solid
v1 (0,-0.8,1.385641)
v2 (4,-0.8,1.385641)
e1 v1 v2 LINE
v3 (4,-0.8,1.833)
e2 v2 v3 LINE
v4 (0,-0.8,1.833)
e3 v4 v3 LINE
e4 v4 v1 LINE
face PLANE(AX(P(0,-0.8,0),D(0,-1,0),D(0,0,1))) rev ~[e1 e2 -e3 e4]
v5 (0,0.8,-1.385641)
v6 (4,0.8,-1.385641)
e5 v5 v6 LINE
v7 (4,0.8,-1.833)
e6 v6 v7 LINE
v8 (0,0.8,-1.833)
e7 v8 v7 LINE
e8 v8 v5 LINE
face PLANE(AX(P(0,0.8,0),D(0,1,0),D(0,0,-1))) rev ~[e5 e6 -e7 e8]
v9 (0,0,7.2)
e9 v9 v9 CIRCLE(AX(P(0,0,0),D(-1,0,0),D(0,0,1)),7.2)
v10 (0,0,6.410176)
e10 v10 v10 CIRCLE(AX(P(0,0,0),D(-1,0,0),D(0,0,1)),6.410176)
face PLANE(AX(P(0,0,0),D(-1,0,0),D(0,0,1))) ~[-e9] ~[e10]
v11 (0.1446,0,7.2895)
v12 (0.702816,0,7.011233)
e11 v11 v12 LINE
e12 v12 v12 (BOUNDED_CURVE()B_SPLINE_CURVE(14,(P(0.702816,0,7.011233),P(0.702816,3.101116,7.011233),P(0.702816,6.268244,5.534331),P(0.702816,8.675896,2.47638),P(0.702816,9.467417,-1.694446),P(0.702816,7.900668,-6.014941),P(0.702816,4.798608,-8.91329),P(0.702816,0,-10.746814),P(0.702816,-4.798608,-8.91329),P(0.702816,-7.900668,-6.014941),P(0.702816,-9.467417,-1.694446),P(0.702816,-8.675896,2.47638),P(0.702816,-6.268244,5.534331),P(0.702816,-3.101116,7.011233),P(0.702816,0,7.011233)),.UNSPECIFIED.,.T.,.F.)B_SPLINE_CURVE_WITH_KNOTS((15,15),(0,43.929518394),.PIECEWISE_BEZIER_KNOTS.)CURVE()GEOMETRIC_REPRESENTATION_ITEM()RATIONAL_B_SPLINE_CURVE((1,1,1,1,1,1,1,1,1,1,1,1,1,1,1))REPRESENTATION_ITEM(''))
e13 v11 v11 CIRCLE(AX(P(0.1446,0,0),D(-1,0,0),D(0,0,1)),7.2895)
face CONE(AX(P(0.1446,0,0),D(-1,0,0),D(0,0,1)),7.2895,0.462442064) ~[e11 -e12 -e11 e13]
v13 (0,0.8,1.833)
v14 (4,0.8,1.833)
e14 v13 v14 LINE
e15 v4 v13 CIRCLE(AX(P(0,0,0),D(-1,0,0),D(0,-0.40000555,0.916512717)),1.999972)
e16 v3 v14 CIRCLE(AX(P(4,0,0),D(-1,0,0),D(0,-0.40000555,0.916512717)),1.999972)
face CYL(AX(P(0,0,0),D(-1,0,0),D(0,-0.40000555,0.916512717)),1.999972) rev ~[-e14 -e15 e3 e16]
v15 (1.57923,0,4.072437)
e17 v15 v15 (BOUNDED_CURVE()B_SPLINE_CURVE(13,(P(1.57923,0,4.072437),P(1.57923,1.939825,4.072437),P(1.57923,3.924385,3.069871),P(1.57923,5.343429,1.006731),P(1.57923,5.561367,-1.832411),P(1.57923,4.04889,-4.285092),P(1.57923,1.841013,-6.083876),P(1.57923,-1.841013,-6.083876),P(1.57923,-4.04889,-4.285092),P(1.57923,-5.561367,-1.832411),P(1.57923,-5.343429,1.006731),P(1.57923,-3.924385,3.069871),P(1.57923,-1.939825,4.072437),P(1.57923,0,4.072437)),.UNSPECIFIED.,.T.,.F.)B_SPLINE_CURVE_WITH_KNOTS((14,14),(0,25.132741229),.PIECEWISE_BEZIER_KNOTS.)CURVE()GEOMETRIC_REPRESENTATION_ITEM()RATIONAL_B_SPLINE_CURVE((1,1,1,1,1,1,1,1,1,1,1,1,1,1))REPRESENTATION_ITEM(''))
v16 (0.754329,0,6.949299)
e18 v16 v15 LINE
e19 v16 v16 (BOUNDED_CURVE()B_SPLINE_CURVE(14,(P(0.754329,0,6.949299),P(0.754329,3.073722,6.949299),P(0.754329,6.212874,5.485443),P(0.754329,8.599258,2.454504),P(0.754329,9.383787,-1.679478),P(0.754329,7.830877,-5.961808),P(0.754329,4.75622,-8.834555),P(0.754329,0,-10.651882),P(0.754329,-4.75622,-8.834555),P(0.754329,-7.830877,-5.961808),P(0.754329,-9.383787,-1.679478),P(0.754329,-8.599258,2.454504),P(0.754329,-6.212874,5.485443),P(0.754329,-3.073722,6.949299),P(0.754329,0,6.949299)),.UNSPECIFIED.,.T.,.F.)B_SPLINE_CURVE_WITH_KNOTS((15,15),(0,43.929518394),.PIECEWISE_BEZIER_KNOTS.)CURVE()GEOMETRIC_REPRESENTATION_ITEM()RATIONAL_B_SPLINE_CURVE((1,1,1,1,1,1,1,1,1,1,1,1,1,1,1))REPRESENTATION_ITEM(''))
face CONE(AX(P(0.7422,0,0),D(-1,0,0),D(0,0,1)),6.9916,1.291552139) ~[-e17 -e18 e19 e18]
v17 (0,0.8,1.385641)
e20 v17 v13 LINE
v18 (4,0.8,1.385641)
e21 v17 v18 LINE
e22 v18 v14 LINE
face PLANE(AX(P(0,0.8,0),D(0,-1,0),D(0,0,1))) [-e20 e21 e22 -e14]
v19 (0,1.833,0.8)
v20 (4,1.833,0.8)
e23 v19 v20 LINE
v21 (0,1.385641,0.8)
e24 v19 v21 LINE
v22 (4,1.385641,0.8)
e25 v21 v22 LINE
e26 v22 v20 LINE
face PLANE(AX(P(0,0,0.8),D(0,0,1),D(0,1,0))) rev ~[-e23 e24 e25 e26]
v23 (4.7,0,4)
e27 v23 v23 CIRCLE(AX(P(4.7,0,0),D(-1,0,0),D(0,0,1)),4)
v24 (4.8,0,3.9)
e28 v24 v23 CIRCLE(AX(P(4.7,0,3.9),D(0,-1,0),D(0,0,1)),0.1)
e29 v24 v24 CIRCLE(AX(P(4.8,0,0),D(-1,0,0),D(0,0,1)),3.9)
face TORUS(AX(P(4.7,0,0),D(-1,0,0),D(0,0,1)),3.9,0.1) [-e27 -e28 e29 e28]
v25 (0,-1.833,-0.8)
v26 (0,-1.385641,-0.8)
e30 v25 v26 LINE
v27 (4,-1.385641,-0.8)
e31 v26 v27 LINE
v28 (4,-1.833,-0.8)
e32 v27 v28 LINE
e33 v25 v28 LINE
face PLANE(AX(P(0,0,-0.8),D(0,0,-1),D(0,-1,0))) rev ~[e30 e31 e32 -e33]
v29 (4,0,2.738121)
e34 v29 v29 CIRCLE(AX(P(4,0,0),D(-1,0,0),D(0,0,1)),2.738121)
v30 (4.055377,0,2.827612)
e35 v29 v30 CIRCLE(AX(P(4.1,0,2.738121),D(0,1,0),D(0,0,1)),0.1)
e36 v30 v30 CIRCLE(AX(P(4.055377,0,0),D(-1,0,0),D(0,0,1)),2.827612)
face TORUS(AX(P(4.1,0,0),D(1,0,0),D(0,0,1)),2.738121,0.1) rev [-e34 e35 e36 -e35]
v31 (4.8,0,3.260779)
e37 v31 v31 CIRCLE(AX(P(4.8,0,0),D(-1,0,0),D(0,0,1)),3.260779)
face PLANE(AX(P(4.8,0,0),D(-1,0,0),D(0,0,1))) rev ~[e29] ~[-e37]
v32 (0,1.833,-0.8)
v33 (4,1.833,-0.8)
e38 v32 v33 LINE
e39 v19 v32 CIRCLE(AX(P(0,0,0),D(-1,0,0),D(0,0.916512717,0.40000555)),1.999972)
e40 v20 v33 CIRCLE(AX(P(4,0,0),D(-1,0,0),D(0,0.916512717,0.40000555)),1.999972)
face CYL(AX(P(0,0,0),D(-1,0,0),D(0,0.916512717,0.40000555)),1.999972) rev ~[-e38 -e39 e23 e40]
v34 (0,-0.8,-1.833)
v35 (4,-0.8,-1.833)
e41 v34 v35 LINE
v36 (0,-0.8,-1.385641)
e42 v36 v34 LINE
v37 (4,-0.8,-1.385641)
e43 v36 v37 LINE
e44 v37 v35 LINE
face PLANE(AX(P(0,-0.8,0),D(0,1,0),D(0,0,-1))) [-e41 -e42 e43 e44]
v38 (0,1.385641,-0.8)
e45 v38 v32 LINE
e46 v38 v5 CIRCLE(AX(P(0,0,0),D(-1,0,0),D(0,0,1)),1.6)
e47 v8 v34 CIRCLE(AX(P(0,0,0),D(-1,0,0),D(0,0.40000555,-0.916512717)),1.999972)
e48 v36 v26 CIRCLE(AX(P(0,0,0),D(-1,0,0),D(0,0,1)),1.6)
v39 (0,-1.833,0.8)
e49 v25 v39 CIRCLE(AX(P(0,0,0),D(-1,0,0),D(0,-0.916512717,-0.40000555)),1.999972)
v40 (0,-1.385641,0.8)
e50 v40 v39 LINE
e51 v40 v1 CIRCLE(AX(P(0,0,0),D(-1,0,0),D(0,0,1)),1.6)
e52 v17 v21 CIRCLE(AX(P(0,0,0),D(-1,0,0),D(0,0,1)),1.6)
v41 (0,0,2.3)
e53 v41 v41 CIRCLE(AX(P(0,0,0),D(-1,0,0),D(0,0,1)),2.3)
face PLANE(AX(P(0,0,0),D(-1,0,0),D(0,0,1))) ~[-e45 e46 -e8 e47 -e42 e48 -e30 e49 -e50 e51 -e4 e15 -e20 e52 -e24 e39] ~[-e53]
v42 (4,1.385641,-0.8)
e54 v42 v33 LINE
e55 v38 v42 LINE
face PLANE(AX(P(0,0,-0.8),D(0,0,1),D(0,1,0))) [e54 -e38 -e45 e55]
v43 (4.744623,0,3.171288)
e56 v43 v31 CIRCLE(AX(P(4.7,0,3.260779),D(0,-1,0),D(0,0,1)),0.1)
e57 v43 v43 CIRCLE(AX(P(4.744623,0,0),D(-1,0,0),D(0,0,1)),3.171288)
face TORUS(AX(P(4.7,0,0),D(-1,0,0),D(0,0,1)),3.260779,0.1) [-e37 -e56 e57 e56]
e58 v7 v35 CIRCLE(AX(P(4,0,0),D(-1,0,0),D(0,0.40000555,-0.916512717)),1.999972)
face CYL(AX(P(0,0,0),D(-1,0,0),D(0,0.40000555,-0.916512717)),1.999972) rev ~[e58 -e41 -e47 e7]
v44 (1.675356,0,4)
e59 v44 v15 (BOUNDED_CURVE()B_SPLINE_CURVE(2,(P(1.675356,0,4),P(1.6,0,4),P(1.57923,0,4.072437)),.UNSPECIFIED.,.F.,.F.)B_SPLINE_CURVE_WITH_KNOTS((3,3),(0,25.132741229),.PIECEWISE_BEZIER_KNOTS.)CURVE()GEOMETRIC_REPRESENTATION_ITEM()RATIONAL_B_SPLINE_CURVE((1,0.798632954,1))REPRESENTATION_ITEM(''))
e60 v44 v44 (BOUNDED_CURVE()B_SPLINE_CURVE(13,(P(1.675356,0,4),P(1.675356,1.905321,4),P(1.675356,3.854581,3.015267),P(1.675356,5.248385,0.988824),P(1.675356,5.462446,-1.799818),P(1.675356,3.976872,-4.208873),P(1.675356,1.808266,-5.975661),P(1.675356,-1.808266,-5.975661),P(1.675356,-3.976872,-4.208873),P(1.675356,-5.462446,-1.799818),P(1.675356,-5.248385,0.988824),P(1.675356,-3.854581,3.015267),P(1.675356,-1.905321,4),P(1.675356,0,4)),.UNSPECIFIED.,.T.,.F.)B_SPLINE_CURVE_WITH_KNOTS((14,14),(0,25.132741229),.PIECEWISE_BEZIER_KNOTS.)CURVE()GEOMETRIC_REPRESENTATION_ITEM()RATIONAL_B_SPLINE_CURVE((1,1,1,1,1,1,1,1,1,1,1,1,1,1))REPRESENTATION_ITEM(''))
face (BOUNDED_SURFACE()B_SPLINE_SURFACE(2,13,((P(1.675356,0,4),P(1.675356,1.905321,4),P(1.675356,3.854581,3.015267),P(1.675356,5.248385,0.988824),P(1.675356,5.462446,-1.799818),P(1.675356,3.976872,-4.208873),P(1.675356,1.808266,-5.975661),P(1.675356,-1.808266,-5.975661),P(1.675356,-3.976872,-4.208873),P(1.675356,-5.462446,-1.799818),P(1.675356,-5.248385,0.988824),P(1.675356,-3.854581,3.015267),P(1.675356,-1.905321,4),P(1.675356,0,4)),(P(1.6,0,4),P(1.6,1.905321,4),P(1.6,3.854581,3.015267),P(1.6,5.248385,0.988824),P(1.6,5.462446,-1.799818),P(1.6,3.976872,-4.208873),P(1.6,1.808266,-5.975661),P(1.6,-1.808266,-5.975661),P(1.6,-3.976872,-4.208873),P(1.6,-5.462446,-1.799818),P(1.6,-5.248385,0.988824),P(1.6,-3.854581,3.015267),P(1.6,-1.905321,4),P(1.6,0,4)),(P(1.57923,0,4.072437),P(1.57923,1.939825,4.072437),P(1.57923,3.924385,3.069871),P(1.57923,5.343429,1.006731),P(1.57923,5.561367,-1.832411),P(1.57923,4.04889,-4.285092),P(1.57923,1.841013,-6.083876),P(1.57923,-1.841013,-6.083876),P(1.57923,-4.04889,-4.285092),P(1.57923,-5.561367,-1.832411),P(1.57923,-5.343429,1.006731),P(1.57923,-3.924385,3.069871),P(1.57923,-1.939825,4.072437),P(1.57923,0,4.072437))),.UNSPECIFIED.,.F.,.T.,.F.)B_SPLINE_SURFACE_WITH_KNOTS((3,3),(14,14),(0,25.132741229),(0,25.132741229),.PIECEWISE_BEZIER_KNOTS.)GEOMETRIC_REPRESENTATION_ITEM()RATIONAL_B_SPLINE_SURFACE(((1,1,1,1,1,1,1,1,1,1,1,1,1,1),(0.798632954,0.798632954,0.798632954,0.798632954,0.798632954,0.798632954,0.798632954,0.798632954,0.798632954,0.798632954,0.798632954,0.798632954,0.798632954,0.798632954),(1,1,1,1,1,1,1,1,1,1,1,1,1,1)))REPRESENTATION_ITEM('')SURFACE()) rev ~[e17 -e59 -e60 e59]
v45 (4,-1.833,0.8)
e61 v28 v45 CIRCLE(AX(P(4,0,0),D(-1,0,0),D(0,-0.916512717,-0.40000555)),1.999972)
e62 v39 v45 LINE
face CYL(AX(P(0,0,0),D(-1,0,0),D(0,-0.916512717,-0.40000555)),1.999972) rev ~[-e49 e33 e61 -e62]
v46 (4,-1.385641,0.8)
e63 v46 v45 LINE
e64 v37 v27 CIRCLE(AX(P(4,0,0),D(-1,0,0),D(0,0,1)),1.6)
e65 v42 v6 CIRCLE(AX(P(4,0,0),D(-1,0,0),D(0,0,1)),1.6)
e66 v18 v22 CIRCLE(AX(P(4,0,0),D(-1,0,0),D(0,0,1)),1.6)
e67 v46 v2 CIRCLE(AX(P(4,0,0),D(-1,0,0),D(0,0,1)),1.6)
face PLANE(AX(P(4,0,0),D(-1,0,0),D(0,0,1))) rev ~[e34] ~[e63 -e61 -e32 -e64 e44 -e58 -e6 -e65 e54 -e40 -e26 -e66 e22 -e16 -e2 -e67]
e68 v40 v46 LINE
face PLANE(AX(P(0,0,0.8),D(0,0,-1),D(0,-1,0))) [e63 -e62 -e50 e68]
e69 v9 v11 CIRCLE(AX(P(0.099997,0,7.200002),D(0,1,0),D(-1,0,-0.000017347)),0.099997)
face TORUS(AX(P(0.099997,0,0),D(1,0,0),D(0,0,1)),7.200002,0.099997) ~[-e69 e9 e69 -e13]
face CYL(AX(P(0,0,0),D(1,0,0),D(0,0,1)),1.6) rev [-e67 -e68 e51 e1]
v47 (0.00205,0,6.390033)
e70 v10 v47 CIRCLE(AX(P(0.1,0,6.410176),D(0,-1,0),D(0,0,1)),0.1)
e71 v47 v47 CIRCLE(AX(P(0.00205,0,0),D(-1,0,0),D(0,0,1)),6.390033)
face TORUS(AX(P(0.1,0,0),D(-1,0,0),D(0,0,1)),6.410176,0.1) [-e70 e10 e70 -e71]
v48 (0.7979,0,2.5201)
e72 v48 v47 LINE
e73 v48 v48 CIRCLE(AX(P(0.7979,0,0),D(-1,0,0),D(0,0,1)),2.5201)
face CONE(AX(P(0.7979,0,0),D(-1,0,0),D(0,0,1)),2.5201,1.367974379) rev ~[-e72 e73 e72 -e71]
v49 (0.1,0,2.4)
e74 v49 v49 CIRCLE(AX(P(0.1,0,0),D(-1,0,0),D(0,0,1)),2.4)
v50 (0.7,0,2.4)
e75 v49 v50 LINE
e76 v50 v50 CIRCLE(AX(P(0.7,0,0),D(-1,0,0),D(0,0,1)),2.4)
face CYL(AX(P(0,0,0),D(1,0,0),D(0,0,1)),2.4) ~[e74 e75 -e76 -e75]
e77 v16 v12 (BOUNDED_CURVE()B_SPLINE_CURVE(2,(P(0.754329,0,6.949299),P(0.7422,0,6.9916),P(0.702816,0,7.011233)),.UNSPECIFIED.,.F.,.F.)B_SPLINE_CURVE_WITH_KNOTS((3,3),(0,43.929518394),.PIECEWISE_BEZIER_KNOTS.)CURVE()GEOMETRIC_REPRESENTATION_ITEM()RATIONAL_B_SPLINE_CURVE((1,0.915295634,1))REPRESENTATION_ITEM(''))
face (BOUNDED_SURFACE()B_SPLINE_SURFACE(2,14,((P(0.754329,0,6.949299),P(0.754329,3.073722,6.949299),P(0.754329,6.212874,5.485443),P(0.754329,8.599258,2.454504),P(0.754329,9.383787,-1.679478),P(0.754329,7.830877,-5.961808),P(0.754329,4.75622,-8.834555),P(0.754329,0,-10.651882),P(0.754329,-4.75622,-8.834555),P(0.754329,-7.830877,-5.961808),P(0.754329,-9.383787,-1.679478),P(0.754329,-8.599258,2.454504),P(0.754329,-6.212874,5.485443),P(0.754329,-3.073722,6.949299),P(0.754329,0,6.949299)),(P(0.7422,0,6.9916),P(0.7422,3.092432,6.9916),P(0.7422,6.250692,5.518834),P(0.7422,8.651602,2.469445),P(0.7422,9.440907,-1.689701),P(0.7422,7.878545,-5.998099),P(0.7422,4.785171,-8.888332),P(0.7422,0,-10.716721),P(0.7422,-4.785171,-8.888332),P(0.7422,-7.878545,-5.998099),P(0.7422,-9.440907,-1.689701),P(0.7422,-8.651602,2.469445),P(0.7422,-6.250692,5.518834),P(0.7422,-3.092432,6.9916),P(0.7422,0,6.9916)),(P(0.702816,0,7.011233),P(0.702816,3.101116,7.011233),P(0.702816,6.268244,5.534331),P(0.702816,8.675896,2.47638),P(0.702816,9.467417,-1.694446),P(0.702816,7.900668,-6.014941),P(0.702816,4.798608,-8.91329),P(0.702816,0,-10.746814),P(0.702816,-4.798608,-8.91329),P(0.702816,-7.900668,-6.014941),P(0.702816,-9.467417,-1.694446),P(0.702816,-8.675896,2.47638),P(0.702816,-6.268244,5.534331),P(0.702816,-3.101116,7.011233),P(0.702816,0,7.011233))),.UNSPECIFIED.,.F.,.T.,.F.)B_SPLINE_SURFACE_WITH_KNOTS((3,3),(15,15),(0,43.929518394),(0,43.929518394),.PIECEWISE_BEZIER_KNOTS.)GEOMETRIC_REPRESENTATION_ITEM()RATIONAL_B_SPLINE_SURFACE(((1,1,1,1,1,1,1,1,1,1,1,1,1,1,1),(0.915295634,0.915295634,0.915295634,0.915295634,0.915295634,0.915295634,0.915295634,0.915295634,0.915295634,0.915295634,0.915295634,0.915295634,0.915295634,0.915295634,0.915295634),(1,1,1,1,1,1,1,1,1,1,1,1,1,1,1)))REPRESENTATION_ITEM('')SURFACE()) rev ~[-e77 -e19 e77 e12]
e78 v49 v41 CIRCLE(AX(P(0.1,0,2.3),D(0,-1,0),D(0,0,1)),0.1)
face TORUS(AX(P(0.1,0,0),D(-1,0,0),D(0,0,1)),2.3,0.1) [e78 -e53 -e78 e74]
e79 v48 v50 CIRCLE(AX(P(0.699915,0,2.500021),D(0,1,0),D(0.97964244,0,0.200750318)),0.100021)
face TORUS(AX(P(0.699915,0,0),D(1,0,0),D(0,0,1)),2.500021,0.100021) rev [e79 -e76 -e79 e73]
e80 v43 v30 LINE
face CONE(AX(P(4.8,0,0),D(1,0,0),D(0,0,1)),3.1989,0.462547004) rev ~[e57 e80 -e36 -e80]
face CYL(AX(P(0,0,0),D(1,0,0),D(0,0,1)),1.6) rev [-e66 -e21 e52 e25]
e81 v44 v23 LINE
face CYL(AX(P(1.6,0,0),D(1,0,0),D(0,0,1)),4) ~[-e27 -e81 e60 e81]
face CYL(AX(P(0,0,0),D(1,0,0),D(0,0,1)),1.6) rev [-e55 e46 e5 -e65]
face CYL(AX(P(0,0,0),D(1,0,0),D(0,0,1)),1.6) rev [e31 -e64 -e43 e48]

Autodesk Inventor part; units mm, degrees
ref_plane "YZ Plane" through (0, 0, 0) normal (1, 0, 0) x (0, 1, 0)
ref_plane "XZ Plane" through (0, 0, 0) normal (0, 1, 0) x (-1, 0, 0)
ref_plane "XY Plane" through (0, 0, 0) normal (0, 0, 1) x (1, 0, 0)
sketch "Skizze1" plane through (0, 0, 0) normal (0, 1, 0) x (-1, 0, 0)
  line L0 (0, 0) -> (0, 7.2)
  line L1 (-0.1446, 7.2895) -> (-0.7422, 6.9916)
  line L2 (-0.7422, 6.9916) -> (-1.6, 4)
  line L3 (-1.6, 4) -> (-4.8, 4)
  line L4 (-4.8, 4) -> (-4.8, 0)
  line L5 (-4.8, 0) -> (0, 0)
  arc A0 (0, 7.2) -> (-0.1446, 7.2895) centre (-0.1, 7.2) ccw
  line L6 (-4.8, 3.1989) -> (-4, 2.8)
  line L7 (-4, 2.8) -> (-4, 0)
  line L8 (0, 2.4) -> (-0.7, 2.4)
  line L9 (-0.7979, 2.5201) -> (0, 6.4)
  arc A1 (-0.7979, 2.5201) -> (-0.7, 2.4) centre (-0.7, 2.5) ccw
  line L10 (0, 1.6) -> (-4, 1.6)
  dimension "d0" = 0.1
  dimension "d1" = 14.6
  dimension "d2" = 8
  dimension "d3" = 4.8
  dimension "d4" = 3.2
  dimension "d5" = 63.5
  dimension "d6" = 106
  dimension "d9" = 4.8
  dimension "d10" = 0.1
  dimension "d11" = 0.8
  dimension "d12" = 12.8
  dimension "d13" = 0.8
  dimension "d14" = 26.5
  dimension "d15" = 5.6
  dimension "d16" = 3.2
revolve "Umdrehung1" add sketch "Skizze1" angle 360 about axis through (4.8, 0, 0) along (-1, 0, 0) contours L10 L7 L6 L4 L3 L2 L1 A0 L0 L9 A1 L8
fillet "Rundung1" radius 0.1 7 edges at (4.8, 0, -4) (1.6, 0, -4) (0.7422, 0, -6.9916) (4.8, 0, -3.1989) (4, 0, -2.8) (0, 0, -2.4) (0, 0, -6.4)
sketch "Skizze2" plane through (0, 0, 0) normal (-1, 0, 0) x (0, 0, 1)
  circle A0 centre (0, 0) radius 2.3 projected
  line L0 (0, -0.8) -> (0, 0.8)
  line L1 (0, 0.8) -> (1.833, 0.8)
  arc A1 (1.833, -0.8) -> (1.833, 0.8) centre (0, 0) ccw
  line L2 (0, -0.8) -> (1.833, -0.8)
  circle A2 centre (0, 0) radius 1.6 projected
  dimension "d17" = 1.6
  dimension "d18" = 2
extrude "Extrusion1" cut sketch "Skizze2" against normal blind 10 contours L0 L1 A2 L2 | A2 L1 A1 L2 picked at (0.5333, 0)
pattern_circular "Runde Anordnung1" count 4 over 360 about axis through (2, 0, 0) along (-1, 0, 0) of "Extrusion1"
equation "\"d13\" = d11"
properties part number "50254-Black" material "ABS-Kunststoff"
